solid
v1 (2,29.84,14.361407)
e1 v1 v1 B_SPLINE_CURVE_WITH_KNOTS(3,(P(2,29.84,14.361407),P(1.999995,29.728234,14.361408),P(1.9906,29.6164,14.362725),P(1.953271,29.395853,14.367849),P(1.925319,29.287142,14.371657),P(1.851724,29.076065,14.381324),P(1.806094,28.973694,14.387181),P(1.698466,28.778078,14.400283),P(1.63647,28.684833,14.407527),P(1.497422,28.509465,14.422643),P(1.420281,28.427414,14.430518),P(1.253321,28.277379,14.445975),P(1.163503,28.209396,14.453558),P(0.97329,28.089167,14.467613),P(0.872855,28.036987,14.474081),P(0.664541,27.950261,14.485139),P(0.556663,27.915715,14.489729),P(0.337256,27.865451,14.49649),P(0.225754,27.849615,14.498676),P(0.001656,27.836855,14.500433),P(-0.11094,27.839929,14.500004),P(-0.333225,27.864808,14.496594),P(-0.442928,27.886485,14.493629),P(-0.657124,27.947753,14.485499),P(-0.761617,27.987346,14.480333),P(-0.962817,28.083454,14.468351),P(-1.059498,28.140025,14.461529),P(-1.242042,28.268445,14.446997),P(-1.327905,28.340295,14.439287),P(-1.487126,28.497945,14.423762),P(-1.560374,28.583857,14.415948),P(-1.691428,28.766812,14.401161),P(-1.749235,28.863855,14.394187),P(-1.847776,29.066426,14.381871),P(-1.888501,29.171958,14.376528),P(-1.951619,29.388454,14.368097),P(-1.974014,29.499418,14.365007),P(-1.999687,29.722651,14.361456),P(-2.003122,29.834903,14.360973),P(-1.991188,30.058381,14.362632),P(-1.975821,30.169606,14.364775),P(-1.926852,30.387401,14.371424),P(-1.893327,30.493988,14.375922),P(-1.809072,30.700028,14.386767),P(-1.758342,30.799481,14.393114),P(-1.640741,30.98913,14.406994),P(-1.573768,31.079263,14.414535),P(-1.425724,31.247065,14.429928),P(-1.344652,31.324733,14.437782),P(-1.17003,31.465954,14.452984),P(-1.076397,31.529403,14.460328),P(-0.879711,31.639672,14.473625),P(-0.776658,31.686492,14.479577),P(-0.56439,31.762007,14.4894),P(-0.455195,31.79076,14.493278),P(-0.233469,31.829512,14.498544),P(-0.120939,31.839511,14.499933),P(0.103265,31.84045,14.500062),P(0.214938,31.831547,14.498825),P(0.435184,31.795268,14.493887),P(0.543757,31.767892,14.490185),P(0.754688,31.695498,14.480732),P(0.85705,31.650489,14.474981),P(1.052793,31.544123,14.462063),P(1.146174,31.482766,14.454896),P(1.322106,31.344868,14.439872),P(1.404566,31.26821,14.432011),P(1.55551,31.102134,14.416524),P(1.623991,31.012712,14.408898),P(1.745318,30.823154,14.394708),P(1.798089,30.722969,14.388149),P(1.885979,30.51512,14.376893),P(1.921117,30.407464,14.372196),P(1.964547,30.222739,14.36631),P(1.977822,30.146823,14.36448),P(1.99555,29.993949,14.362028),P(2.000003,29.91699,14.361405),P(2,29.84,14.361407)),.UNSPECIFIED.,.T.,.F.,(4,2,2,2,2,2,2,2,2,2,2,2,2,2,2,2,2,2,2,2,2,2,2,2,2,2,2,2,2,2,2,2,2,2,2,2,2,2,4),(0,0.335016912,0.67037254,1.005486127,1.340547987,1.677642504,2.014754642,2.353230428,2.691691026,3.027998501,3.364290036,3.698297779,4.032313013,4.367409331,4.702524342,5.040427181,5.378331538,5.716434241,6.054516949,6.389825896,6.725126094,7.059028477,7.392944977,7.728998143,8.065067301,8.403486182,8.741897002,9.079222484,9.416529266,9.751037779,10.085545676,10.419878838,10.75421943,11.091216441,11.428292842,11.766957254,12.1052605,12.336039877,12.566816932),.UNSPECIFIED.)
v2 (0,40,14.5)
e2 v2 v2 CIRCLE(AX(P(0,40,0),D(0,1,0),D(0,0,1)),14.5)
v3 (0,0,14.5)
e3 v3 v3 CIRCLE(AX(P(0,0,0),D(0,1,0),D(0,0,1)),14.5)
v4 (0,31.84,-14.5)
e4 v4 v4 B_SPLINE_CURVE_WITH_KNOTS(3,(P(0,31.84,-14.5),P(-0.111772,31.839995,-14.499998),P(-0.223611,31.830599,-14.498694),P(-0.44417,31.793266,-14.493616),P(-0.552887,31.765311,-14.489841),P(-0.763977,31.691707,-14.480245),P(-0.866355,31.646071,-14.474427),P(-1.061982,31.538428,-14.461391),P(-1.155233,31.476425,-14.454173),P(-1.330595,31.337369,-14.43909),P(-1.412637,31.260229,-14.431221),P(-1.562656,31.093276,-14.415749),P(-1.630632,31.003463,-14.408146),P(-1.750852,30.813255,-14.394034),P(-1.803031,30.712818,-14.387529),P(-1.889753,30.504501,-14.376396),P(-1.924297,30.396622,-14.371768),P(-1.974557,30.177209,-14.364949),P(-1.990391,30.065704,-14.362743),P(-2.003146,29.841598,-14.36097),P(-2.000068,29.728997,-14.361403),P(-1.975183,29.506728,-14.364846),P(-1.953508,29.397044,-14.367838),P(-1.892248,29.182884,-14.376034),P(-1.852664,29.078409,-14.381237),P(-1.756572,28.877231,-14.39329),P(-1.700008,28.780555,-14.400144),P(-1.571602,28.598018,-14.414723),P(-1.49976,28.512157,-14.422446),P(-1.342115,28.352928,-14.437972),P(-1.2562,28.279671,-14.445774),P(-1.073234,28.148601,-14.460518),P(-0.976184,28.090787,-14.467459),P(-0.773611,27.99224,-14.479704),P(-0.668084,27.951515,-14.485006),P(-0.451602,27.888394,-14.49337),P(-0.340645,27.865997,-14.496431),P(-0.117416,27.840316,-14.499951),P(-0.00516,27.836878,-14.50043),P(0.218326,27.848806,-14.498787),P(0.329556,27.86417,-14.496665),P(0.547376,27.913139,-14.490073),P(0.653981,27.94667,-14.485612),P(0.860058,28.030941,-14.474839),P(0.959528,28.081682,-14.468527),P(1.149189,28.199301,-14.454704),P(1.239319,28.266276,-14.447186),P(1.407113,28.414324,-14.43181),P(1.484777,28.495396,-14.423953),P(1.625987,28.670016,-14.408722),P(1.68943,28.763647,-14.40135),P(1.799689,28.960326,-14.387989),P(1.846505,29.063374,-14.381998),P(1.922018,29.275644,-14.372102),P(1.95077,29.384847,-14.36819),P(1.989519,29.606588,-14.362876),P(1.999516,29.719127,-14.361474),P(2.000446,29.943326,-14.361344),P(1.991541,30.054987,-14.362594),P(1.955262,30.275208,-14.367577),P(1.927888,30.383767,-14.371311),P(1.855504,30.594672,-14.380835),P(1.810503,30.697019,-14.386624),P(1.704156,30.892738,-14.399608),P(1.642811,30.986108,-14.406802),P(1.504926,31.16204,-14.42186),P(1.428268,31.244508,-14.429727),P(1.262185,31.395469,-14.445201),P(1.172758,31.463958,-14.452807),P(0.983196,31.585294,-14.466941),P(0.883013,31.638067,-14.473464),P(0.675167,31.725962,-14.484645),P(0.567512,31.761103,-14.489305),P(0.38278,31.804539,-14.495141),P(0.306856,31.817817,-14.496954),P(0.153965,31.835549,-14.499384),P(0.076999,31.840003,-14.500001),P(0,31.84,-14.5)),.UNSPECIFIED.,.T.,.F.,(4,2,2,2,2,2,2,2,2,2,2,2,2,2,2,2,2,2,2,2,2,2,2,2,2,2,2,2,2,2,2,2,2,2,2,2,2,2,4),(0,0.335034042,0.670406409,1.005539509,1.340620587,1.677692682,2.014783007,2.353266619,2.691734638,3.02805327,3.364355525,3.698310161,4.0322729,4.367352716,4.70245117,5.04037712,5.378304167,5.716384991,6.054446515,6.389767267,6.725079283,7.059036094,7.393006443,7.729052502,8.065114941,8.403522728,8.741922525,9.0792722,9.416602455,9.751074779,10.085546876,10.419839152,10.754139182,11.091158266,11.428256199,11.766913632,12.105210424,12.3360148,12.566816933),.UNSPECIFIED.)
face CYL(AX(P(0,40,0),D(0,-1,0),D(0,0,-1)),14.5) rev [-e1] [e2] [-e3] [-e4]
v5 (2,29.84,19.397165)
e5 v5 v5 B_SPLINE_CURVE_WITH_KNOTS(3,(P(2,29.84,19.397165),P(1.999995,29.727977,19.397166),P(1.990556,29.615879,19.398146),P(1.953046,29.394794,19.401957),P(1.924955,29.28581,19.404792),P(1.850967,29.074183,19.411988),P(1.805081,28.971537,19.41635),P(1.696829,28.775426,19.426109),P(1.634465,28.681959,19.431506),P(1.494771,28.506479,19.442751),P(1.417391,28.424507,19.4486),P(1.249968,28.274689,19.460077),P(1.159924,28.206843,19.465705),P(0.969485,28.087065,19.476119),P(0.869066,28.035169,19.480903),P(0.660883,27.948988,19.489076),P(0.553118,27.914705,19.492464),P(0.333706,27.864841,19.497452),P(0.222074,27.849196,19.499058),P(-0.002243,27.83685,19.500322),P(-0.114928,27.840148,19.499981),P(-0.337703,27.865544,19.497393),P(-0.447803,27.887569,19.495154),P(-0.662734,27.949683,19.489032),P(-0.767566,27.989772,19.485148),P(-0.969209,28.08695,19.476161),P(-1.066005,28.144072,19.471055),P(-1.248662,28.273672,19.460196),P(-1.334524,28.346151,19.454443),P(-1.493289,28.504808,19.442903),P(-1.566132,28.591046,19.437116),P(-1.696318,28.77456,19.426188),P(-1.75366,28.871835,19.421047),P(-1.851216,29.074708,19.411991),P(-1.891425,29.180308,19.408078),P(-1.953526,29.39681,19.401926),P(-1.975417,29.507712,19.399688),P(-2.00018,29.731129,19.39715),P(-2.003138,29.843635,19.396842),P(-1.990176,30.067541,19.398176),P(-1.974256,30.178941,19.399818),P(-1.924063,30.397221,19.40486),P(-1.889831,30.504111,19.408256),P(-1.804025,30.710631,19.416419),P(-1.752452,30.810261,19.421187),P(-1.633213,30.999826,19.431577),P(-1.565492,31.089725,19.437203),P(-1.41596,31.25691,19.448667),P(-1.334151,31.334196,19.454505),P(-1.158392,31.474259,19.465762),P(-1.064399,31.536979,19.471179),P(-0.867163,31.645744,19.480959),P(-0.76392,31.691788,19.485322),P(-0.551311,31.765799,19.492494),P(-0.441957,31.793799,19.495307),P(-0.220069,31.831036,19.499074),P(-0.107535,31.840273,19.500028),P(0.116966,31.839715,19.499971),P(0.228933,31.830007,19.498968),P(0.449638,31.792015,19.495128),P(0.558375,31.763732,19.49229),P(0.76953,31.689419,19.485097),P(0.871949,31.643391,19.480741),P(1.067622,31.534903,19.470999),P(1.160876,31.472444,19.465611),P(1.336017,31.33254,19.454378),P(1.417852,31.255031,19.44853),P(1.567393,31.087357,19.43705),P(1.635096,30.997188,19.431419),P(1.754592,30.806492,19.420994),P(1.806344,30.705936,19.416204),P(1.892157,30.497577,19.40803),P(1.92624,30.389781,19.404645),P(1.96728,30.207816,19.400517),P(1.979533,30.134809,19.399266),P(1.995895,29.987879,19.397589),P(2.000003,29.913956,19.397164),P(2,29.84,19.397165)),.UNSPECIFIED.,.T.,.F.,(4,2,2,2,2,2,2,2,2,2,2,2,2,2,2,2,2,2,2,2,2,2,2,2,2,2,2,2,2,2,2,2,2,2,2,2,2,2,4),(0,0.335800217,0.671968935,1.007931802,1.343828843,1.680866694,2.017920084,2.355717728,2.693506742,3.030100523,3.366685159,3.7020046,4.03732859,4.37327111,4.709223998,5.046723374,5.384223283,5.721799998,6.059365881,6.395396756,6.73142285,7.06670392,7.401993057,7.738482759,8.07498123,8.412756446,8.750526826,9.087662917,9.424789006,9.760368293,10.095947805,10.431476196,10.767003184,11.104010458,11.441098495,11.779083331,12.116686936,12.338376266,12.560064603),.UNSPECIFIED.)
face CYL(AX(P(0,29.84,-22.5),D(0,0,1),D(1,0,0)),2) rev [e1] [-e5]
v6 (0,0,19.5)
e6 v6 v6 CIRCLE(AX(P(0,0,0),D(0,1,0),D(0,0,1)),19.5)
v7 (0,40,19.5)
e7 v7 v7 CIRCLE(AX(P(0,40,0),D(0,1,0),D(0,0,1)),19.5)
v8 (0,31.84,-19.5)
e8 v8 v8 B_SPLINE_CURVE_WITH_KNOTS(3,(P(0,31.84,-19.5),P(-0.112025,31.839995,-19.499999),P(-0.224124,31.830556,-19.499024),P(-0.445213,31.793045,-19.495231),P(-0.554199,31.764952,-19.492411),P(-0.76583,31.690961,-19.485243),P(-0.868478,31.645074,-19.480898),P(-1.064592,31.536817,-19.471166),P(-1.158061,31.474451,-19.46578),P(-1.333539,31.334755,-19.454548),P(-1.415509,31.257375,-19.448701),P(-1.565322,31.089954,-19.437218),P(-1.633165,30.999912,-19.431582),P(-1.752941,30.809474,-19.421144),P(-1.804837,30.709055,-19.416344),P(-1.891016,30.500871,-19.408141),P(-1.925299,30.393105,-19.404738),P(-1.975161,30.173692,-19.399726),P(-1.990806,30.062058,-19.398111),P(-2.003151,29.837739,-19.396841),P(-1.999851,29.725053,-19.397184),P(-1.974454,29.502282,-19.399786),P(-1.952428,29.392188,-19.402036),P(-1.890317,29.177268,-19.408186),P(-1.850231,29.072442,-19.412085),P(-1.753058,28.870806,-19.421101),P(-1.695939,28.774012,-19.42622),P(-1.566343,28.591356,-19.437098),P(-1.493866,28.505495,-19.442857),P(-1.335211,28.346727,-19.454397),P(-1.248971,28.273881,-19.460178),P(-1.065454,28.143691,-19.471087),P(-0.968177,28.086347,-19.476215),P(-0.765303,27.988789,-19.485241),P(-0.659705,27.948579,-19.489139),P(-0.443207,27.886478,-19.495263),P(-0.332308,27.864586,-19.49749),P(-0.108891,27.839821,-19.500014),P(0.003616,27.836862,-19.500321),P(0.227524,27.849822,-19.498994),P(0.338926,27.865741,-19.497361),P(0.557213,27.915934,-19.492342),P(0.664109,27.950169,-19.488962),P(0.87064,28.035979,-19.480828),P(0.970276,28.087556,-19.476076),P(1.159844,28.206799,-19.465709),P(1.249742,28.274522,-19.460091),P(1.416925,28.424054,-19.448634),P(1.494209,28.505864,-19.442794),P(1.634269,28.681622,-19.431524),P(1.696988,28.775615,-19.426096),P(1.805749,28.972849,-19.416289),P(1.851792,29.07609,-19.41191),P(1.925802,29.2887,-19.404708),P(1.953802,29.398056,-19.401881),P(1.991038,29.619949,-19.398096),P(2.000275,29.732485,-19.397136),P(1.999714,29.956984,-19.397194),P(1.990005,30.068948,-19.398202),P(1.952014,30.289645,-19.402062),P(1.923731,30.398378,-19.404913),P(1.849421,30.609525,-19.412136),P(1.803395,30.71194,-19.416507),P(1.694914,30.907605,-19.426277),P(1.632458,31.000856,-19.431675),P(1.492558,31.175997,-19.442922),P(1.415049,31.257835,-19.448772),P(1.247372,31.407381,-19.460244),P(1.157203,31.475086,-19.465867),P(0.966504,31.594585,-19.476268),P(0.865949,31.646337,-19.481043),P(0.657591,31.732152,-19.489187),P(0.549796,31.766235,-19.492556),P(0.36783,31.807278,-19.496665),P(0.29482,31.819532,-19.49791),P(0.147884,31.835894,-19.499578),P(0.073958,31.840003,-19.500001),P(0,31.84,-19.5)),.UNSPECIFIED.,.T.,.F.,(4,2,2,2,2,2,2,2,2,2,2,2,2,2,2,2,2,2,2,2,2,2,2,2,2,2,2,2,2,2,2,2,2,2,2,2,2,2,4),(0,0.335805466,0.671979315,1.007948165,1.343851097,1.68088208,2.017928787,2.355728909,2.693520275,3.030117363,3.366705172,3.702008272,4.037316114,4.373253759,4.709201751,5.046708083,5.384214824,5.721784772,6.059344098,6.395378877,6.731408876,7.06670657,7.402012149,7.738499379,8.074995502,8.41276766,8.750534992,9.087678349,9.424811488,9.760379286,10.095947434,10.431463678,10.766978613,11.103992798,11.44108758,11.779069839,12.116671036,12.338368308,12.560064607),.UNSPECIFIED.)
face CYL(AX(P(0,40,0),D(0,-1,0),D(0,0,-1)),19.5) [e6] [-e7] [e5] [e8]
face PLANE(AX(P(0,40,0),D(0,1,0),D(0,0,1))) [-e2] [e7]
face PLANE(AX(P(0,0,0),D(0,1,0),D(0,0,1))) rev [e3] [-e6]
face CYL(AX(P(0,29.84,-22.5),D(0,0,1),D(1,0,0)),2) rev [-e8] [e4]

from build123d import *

# Parameters (mm, degrees)
SKETCH1_R           = 19.5
SKETCH1_R_2         = 14.5
BOSS_EXTRUDE1_DEPTH = 40
SKETCH2_R           = 2
CUT_EXTRUDE1_DEPTH  = 42


with BuildPart() as part:
    # Sketch1 → Boss-Extrude1 (new body)
    with BuildSketch(Plane(origin=(0, 0, 0), x_dir=(1, 0, 0), z_dir=(0, 1, 0))):
        Circle(SKETCH1_R)
        Circle(SKETCH1_R_2, mode=Mode.SUBTRACT)
    extrude(amount=BOSS_EXTRUDE1_DEPTH)

    # Sketch2 → Cut-Extrude1 (cut)
    with BuildSketch(Plane.XY.offset(19.5)):
        with Locations((0, 29.84)):
            Circle(SKETCH2_R)
    extrude(amount=-CUT_EXTRUDE1_DEPTH, mode=Mode.SUBTRACT)


solid = part.part
